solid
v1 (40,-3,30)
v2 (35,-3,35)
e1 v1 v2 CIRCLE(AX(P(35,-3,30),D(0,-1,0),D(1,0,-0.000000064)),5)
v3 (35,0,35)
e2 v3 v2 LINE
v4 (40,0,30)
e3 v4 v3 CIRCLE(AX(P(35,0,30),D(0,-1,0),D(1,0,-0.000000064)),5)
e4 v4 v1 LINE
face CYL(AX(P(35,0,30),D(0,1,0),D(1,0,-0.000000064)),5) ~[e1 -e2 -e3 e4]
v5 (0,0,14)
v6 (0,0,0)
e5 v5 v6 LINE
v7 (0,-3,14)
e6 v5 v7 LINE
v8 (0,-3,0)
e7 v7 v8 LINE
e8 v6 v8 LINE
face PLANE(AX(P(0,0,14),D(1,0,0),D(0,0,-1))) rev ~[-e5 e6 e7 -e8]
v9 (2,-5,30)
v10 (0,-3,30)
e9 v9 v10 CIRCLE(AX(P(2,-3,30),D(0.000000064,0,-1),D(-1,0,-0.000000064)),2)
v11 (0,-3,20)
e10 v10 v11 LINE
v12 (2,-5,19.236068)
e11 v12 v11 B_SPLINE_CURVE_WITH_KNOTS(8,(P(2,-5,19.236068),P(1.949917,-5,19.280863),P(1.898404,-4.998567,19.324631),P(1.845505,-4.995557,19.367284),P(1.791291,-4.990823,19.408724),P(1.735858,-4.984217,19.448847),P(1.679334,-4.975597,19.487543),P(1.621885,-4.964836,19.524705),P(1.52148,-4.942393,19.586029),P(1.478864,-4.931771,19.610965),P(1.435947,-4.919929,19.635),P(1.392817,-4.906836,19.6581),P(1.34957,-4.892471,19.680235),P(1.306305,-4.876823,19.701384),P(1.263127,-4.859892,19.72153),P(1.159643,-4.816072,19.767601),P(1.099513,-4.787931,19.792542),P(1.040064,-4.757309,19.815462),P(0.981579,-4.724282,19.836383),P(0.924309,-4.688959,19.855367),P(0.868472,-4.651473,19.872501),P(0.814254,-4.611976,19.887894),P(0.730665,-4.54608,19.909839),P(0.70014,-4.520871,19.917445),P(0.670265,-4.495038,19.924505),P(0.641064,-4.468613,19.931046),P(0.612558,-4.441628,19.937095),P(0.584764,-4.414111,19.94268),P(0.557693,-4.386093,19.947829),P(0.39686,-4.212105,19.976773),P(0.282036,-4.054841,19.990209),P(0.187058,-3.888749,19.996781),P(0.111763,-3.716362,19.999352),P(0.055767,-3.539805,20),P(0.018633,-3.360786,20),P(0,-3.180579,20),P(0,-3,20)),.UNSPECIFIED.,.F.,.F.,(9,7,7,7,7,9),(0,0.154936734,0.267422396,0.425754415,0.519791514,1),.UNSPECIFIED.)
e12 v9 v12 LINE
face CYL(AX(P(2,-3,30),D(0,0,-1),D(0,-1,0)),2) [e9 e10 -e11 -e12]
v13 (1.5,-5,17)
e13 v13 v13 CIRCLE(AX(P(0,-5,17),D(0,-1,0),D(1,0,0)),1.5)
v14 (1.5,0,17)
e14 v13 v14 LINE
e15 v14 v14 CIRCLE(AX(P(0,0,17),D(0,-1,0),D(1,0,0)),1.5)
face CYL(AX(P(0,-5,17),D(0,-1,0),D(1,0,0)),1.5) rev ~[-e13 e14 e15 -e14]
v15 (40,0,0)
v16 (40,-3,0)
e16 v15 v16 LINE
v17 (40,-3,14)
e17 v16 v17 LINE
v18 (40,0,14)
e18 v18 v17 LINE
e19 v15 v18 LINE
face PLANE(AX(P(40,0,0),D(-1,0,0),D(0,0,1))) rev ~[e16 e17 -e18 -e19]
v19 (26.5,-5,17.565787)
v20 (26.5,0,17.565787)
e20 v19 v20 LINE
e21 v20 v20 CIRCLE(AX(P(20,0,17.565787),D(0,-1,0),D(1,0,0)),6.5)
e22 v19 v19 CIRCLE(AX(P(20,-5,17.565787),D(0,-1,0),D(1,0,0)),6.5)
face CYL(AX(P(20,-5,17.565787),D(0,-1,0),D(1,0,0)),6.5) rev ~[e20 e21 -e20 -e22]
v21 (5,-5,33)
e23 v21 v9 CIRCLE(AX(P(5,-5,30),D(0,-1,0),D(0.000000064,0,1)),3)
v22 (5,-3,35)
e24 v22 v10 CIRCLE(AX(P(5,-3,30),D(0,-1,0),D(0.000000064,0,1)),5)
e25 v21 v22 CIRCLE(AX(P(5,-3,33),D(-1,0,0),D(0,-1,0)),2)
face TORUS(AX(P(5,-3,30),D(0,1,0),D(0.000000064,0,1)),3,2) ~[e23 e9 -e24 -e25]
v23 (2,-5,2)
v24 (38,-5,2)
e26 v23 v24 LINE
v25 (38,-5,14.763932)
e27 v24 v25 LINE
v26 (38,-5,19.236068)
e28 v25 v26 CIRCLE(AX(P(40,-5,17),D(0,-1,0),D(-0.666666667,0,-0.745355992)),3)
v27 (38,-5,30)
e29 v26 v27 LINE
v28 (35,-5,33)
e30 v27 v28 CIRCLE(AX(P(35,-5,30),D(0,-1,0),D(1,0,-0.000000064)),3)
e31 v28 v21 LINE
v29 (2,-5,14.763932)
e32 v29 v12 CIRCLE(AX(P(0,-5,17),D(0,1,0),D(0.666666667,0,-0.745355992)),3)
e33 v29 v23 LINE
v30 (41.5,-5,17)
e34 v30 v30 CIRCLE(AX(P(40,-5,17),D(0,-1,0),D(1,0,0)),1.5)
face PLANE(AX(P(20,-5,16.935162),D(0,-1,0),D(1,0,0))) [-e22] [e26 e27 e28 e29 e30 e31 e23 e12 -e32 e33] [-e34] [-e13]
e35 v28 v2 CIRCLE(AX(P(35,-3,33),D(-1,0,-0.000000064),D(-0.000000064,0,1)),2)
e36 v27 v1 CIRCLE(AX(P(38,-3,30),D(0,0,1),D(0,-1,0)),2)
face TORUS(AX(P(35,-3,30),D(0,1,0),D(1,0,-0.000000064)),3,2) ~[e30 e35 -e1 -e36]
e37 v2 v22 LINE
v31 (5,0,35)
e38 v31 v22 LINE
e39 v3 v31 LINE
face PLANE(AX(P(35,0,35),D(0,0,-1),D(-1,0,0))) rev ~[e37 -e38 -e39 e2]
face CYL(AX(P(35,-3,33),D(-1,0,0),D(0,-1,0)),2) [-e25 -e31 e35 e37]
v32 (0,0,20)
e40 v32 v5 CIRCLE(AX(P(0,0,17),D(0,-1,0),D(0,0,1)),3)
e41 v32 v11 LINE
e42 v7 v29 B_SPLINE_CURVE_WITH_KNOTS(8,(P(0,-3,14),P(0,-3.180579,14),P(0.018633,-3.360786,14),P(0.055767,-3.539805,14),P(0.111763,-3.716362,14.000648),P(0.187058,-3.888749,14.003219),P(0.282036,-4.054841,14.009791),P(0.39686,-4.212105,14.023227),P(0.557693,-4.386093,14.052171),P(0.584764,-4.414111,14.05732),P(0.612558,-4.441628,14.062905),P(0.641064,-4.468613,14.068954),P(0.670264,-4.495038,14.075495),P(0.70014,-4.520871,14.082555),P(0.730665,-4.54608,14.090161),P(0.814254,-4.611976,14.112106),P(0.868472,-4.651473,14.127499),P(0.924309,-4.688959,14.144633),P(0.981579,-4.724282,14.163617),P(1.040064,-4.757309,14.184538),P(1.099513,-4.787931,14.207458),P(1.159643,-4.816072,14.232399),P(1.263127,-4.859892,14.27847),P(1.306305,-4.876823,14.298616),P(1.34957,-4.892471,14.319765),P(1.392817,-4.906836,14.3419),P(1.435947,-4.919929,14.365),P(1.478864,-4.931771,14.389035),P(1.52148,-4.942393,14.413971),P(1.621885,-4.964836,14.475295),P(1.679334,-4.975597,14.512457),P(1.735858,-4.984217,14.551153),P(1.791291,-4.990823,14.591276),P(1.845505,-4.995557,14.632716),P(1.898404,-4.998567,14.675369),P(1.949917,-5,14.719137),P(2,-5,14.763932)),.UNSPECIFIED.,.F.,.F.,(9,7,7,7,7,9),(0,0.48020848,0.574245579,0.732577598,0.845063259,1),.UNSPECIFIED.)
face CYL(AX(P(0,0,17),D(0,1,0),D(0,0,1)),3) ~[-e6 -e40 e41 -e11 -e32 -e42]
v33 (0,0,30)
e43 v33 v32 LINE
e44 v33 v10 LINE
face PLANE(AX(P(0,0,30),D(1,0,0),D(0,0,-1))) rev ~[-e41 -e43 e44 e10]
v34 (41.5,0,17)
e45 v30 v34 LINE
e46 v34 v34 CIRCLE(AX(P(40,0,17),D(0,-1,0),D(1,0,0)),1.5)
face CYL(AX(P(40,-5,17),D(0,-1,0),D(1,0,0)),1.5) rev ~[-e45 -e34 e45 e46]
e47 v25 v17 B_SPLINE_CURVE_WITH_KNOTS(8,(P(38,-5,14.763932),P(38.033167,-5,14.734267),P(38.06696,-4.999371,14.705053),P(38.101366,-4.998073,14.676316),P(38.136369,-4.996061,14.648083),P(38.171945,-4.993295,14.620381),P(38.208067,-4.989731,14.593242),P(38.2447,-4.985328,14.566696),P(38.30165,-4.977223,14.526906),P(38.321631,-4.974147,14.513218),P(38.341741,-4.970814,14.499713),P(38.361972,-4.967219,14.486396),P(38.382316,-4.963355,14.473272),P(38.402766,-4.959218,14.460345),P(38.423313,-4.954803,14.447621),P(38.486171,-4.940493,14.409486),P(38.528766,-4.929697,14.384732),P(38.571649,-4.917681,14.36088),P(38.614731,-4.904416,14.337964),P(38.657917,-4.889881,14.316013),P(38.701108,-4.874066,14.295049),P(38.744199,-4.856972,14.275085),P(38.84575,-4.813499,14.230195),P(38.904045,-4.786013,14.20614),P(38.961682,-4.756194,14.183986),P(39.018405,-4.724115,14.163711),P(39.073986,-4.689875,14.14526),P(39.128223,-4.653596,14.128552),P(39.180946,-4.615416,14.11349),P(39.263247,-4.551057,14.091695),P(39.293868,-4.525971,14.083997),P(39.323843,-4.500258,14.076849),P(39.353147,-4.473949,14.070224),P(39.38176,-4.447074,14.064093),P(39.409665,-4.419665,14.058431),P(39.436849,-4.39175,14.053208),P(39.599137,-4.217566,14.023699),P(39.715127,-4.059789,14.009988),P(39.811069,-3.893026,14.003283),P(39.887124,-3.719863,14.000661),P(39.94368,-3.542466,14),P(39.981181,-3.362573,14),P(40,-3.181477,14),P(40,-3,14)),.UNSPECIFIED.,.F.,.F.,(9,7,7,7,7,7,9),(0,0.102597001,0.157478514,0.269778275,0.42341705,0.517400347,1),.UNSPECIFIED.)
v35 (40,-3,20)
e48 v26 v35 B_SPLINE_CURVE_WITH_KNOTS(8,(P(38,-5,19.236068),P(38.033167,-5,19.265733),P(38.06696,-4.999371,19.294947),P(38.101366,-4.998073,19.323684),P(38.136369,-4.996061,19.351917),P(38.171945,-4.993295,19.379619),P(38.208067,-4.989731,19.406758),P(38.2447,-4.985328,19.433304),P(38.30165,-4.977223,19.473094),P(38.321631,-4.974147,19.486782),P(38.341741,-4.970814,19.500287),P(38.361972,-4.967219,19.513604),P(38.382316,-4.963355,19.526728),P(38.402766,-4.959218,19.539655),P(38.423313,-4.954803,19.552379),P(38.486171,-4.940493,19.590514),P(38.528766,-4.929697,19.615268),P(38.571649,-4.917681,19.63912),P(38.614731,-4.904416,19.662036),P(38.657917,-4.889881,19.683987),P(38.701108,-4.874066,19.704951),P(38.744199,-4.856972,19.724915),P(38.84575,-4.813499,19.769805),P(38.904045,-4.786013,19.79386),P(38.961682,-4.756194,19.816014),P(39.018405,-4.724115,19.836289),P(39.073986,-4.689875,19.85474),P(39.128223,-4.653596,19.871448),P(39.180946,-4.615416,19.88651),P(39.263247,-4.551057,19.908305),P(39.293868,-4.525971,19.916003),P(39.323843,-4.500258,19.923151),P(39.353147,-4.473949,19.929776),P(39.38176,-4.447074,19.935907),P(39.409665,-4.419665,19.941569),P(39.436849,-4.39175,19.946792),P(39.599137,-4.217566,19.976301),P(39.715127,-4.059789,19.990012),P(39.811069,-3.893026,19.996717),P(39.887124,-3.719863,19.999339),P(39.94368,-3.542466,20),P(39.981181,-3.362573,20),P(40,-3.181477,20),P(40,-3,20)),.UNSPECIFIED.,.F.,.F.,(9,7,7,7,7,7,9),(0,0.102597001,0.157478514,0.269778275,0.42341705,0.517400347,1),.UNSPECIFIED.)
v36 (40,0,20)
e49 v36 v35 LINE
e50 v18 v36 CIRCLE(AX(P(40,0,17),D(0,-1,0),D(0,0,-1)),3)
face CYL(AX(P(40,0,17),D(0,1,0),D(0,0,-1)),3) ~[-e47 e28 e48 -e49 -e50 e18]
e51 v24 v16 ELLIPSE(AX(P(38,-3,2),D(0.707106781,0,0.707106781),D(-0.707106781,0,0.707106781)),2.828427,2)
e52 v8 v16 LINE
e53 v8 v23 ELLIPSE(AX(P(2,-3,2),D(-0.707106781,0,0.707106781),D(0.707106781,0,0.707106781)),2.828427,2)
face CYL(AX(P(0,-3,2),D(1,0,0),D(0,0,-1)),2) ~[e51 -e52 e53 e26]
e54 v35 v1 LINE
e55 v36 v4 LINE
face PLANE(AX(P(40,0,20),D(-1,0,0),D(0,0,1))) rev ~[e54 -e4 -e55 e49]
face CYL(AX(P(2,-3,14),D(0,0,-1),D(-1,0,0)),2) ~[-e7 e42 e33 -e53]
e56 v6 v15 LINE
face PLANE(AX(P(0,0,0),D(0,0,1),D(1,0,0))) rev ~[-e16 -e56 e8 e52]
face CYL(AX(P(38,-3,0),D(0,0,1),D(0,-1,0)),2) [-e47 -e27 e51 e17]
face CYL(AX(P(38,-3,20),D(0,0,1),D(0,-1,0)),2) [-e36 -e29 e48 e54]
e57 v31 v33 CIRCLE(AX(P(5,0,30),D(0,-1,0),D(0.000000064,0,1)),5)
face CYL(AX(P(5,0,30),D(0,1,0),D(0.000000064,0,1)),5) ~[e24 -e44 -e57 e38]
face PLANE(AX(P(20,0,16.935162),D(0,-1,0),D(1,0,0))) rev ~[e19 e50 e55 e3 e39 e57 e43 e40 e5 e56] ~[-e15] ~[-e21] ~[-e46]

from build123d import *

# Parameters (mm, degrees)
F1_DEPTH = 5
F2_R     = 1.5
F3_DEPTH = 25
F4_R     = 6.5
F5_DEPTH = 25
F6_R     = 2


with BuildPart() as f1:
    # F0 (on Front) → F1 (new body)
    with BuildSketch(Plane.XZ):
        with BuildLine():
            Line((0, 14), (0, 0))
            Line((0, 0), (40, 0))
            Line((40, 0), (40, 14))
            ThreePointArc((40, 14), (43, 17), (40, 20))
            Line((40, 20), (40, 30))
            ThreePointArc((40, 30), (38.535534, 33.535534), (35, 35))
            Line((35, 35), (5, 35))
            ThreePointArc((5, 35), (1.464466, 33.535534), (0, 30))
            Line((0, 30), (0, 20))
            ThreePointArc((0, 20), (-3, 17), (0, 14))
        make_face()
    extrude(amount=F1_DEPTH)

    # F2 (on face) → F3 (cut)
    with BuildSketch(Plane.XZ.offset(5)):
        with Locations((0, 17)):
            Circle(F2_R)
        with Locations((40, 17)):
            Circle(F2_R)
    extrude(amount=-F3_DEPTH, mode=Mode.SUBTRACT)

    # F4 (on face) → F5 (cut)
    with BuildSketch(Plane.XZ.offset(5)):
        with Locations((20, 17.565787)):
            Circle(F4_R)
    extrude(amount=-F5_DEPTH, mode=Mode.SUBTRACT)

    # F6
    f6_edges = [f1.edges().sort_by_distance(p)[0] for p in [
        (0, -5, 25),
        (1.464466, -5, 33.535534),
        (40, -5, 7),
        (20, -5, 0),
        (0, -5, 7),
    ]]
    fillet(f6_edges, radius=F6_R)


solid = f1.part
